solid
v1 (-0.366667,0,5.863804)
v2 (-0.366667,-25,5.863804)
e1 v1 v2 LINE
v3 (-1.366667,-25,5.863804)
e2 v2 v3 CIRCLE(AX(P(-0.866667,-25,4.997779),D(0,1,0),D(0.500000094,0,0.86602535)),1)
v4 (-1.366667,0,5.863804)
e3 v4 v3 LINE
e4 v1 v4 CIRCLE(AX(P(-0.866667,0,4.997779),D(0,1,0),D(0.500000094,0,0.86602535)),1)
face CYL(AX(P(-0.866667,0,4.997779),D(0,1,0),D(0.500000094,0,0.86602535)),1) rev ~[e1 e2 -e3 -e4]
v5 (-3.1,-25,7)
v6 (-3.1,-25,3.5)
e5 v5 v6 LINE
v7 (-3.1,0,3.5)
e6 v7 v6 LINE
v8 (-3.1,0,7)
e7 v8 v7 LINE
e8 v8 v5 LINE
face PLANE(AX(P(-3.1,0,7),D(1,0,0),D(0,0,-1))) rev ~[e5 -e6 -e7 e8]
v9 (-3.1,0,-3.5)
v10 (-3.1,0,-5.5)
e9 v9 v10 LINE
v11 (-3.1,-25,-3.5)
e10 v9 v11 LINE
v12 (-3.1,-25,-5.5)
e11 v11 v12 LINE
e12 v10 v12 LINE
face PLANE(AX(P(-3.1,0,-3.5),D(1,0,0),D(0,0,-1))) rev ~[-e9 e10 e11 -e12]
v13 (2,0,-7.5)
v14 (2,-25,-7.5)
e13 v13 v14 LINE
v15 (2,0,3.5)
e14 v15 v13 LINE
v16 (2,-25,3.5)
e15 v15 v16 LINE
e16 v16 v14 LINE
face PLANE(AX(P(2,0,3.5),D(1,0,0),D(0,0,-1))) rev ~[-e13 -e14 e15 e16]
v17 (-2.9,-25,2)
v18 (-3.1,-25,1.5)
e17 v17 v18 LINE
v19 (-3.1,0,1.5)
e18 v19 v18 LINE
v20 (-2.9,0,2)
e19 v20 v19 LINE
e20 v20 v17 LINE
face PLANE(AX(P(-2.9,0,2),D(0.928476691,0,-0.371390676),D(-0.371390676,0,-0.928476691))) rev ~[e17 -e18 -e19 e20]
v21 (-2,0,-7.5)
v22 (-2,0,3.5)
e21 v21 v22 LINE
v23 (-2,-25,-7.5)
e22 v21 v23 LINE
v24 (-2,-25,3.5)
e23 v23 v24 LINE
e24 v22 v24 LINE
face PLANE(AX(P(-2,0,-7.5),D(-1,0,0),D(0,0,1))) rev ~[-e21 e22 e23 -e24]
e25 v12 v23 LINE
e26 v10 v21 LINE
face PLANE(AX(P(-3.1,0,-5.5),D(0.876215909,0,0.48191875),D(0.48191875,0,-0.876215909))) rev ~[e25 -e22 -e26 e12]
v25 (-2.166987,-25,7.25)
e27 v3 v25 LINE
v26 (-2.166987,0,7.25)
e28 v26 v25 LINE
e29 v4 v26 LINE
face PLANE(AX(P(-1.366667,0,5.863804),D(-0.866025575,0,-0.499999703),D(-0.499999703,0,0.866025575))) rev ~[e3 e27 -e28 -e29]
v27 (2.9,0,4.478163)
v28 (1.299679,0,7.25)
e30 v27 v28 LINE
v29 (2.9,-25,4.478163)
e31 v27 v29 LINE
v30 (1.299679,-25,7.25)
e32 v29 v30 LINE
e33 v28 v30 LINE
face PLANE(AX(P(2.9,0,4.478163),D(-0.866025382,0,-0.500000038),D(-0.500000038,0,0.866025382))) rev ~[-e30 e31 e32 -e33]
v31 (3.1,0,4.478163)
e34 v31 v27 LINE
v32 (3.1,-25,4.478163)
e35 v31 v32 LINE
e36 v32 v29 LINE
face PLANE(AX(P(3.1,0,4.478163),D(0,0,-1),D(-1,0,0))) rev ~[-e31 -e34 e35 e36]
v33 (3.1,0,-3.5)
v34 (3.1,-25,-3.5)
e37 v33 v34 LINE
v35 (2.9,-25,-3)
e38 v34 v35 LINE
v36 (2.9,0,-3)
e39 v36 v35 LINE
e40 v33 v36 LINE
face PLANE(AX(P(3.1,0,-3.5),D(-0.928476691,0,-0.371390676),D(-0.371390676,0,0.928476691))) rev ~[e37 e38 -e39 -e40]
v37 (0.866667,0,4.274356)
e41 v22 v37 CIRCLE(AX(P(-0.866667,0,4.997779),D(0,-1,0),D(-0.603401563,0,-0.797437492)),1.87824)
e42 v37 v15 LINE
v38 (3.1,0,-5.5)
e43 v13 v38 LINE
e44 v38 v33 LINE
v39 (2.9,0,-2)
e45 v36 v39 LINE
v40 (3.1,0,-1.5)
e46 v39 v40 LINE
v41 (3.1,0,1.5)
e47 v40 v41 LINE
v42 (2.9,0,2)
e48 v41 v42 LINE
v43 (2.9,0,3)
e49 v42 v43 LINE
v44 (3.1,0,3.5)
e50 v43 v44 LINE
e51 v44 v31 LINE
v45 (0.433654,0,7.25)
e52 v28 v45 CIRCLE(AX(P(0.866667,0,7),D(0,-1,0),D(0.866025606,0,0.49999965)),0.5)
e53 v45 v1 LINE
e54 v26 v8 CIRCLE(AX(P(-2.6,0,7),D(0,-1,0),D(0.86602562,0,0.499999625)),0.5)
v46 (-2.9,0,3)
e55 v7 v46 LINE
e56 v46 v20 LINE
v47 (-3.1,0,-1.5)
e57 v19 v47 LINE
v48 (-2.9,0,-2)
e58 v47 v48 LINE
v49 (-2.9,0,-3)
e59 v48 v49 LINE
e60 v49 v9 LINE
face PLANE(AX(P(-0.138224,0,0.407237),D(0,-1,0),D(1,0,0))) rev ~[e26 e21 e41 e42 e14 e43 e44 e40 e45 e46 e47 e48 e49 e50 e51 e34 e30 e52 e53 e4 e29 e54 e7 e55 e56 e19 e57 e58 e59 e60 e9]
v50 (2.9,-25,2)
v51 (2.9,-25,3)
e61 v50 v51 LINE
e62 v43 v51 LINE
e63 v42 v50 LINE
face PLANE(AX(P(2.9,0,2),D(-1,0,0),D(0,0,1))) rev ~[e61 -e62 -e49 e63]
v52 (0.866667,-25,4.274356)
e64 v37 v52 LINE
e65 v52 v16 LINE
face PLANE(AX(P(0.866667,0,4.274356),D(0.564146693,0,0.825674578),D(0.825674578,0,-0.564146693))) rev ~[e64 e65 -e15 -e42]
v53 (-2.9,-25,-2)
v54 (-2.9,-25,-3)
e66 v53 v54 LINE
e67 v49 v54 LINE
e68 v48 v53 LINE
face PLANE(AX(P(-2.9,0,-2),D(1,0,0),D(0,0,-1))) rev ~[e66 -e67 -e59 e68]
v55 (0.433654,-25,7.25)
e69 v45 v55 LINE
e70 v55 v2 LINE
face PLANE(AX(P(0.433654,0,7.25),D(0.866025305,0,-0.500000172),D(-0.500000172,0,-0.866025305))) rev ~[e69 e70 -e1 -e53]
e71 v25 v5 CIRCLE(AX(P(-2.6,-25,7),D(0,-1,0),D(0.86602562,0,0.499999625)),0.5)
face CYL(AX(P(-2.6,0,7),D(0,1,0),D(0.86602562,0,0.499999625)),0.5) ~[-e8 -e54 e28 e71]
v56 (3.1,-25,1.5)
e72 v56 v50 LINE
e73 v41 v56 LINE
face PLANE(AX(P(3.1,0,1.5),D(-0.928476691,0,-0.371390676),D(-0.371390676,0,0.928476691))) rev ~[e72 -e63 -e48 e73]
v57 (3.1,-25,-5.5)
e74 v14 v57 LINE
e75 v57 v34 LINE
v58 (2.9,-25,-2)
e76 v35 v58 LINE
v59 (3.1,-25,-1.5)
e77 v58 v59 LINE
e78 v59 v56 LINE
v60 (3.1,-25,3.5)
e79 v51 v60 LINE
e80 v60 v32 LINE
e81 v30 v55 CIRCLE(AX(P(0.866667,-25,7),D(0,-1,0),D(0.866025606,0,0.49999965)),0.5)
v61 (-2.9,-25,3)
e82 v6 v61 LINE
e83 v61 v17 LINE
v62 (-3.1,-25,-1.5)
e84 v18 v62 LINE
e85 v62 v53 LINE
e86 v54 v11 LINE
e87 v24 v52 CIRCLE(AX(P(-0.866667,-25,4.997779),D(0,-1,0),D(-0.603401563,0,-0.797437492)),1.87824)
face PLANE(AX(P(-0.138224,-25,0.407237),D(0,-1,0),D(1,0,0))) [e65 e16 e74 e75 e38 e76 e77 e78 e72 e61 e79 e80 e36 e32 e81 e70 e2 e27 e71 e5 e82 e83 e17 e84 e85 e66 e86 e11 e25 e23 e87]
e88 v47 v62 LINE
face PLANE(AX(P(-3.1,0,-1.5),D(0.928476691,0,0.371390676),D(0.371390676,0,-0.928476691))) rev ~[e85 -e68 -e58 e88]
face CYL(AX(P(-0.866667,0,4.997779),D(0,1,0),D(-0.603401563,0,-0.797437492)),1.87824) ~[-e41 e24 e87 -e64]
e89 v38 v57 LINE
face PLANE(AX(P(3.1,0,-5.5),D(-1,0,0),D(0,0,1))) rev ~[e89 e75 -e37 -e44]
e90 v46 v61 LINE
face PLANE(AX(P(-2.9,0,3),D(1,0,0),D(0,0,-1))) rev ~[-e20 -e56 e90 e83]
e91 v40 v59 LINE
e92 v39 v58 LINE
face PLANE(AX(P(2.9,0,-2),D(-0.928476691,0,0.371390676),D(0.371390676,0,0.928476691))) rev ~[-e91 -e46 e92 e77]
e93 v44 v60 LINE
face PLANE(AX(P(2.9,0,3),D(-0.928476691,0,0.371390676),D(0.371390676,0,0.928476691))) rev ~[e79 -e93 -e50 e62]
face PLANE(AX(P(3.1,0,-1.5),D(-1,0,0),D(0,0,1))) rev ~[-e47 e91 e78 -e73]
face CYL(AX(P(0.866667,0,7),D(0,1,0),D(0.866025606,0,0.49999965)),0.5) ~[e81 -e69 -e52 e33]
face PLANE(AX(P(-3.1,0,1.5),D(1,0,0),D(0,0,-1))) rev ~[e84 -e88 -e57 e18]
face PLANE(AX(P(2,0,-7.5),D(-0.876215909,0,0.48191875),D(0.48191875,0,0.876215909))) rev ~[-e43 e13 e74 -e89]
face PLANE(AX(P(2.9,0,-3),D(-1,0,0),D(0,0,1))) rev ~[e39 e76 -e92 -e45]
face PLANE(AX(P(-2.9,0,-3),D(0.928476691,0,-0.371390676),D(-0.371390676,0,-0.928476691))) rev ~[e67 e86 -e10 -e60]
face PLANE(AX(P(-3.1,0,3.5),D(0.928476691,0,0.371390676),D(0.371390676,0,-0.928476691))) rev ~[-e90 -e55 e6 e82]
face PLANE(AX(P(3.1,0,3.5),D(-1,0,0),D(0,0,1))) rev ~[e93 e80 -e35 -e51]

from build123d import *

# Parameters (mm, degrees)
F1_DEPTH = 25


with BuildPart() as f1:
    # F0 (on Front) → F1 (new body)
    with BuildSketch(Plane.XZ):
        with BuildLine():
            Line((-2, -7.5), (-2, 3.5))
            ThreePointArc((-2, 3.5), (-0.376864, 3.184528), (0.866667, 4.274356))
            Line((0.866667, 4.274356), (2, 3.5))
            Line((2, 3.5), (2, -7.5))
            Line((2, -7.5), (3.1, -5.5))
            Line((3.1, -5.5), (3.1, -3.5))
            Line((3.1, -3.5), (2.9, -3))
            Line((2.9, -3), (2.9, -2))
            Line((2.9, -2), (3.1, -1.5))
            Line((3.1, -1.5), (3.1, 1.5))
            Line((3.1, 1.5), (2.9, 2))
            Line((2.9, 2), (2.9, 3))
            Line((2.9, 3), (3.1, 3.5))
            Line((3.1, 3.5), (3.1, 4.478163))
            Line((3.1, 4.478163), (2.9, 4.478163))
            Line((2.9, 4.478163), (1.299679, 7.25))
            ThreePointArc((1.299679, 7.25), (0.866667, 7.5), (0.433654, 7.25))
            Line((0.433654, 7.25), (-0.366667, 5.863804))
            ThreePointArc((-0.366667, 5.863804), (-0.866667, 3.997779), (-1.366667, 5.863804))
            Line((-1.366667, 5.863804), (-2.166987, 7.25))
            ThreePointArc((-2.166987, 7.25), (-2.72941, 7.482963), (-3.1, 7))
            Line((-3.1, 7), (-3.1, 3.5))
            Line((-3.1, 3.5), (-2.9, 3))
            Line((-2.9, 3), (-2.9, 2))
            Line((-2.9, 2), (-3.1, 1.5))
            Line((-3.1, 1.5), (-3.1, -1.5))
            Line((-3.1, -1.5), (-2.9, -2))
            Line((-2.9, -2), (-2.9, -3))
            Line((-2.9, -3), (-3.1, -3.5))
            Line((-3.1, -3.5), (-3.1, -5.5))
            Line((-3.1, -5.5), (-2, -7.5))
        make_face()
    extrude(amount=F1_DEPTH)


solid = f1.part
